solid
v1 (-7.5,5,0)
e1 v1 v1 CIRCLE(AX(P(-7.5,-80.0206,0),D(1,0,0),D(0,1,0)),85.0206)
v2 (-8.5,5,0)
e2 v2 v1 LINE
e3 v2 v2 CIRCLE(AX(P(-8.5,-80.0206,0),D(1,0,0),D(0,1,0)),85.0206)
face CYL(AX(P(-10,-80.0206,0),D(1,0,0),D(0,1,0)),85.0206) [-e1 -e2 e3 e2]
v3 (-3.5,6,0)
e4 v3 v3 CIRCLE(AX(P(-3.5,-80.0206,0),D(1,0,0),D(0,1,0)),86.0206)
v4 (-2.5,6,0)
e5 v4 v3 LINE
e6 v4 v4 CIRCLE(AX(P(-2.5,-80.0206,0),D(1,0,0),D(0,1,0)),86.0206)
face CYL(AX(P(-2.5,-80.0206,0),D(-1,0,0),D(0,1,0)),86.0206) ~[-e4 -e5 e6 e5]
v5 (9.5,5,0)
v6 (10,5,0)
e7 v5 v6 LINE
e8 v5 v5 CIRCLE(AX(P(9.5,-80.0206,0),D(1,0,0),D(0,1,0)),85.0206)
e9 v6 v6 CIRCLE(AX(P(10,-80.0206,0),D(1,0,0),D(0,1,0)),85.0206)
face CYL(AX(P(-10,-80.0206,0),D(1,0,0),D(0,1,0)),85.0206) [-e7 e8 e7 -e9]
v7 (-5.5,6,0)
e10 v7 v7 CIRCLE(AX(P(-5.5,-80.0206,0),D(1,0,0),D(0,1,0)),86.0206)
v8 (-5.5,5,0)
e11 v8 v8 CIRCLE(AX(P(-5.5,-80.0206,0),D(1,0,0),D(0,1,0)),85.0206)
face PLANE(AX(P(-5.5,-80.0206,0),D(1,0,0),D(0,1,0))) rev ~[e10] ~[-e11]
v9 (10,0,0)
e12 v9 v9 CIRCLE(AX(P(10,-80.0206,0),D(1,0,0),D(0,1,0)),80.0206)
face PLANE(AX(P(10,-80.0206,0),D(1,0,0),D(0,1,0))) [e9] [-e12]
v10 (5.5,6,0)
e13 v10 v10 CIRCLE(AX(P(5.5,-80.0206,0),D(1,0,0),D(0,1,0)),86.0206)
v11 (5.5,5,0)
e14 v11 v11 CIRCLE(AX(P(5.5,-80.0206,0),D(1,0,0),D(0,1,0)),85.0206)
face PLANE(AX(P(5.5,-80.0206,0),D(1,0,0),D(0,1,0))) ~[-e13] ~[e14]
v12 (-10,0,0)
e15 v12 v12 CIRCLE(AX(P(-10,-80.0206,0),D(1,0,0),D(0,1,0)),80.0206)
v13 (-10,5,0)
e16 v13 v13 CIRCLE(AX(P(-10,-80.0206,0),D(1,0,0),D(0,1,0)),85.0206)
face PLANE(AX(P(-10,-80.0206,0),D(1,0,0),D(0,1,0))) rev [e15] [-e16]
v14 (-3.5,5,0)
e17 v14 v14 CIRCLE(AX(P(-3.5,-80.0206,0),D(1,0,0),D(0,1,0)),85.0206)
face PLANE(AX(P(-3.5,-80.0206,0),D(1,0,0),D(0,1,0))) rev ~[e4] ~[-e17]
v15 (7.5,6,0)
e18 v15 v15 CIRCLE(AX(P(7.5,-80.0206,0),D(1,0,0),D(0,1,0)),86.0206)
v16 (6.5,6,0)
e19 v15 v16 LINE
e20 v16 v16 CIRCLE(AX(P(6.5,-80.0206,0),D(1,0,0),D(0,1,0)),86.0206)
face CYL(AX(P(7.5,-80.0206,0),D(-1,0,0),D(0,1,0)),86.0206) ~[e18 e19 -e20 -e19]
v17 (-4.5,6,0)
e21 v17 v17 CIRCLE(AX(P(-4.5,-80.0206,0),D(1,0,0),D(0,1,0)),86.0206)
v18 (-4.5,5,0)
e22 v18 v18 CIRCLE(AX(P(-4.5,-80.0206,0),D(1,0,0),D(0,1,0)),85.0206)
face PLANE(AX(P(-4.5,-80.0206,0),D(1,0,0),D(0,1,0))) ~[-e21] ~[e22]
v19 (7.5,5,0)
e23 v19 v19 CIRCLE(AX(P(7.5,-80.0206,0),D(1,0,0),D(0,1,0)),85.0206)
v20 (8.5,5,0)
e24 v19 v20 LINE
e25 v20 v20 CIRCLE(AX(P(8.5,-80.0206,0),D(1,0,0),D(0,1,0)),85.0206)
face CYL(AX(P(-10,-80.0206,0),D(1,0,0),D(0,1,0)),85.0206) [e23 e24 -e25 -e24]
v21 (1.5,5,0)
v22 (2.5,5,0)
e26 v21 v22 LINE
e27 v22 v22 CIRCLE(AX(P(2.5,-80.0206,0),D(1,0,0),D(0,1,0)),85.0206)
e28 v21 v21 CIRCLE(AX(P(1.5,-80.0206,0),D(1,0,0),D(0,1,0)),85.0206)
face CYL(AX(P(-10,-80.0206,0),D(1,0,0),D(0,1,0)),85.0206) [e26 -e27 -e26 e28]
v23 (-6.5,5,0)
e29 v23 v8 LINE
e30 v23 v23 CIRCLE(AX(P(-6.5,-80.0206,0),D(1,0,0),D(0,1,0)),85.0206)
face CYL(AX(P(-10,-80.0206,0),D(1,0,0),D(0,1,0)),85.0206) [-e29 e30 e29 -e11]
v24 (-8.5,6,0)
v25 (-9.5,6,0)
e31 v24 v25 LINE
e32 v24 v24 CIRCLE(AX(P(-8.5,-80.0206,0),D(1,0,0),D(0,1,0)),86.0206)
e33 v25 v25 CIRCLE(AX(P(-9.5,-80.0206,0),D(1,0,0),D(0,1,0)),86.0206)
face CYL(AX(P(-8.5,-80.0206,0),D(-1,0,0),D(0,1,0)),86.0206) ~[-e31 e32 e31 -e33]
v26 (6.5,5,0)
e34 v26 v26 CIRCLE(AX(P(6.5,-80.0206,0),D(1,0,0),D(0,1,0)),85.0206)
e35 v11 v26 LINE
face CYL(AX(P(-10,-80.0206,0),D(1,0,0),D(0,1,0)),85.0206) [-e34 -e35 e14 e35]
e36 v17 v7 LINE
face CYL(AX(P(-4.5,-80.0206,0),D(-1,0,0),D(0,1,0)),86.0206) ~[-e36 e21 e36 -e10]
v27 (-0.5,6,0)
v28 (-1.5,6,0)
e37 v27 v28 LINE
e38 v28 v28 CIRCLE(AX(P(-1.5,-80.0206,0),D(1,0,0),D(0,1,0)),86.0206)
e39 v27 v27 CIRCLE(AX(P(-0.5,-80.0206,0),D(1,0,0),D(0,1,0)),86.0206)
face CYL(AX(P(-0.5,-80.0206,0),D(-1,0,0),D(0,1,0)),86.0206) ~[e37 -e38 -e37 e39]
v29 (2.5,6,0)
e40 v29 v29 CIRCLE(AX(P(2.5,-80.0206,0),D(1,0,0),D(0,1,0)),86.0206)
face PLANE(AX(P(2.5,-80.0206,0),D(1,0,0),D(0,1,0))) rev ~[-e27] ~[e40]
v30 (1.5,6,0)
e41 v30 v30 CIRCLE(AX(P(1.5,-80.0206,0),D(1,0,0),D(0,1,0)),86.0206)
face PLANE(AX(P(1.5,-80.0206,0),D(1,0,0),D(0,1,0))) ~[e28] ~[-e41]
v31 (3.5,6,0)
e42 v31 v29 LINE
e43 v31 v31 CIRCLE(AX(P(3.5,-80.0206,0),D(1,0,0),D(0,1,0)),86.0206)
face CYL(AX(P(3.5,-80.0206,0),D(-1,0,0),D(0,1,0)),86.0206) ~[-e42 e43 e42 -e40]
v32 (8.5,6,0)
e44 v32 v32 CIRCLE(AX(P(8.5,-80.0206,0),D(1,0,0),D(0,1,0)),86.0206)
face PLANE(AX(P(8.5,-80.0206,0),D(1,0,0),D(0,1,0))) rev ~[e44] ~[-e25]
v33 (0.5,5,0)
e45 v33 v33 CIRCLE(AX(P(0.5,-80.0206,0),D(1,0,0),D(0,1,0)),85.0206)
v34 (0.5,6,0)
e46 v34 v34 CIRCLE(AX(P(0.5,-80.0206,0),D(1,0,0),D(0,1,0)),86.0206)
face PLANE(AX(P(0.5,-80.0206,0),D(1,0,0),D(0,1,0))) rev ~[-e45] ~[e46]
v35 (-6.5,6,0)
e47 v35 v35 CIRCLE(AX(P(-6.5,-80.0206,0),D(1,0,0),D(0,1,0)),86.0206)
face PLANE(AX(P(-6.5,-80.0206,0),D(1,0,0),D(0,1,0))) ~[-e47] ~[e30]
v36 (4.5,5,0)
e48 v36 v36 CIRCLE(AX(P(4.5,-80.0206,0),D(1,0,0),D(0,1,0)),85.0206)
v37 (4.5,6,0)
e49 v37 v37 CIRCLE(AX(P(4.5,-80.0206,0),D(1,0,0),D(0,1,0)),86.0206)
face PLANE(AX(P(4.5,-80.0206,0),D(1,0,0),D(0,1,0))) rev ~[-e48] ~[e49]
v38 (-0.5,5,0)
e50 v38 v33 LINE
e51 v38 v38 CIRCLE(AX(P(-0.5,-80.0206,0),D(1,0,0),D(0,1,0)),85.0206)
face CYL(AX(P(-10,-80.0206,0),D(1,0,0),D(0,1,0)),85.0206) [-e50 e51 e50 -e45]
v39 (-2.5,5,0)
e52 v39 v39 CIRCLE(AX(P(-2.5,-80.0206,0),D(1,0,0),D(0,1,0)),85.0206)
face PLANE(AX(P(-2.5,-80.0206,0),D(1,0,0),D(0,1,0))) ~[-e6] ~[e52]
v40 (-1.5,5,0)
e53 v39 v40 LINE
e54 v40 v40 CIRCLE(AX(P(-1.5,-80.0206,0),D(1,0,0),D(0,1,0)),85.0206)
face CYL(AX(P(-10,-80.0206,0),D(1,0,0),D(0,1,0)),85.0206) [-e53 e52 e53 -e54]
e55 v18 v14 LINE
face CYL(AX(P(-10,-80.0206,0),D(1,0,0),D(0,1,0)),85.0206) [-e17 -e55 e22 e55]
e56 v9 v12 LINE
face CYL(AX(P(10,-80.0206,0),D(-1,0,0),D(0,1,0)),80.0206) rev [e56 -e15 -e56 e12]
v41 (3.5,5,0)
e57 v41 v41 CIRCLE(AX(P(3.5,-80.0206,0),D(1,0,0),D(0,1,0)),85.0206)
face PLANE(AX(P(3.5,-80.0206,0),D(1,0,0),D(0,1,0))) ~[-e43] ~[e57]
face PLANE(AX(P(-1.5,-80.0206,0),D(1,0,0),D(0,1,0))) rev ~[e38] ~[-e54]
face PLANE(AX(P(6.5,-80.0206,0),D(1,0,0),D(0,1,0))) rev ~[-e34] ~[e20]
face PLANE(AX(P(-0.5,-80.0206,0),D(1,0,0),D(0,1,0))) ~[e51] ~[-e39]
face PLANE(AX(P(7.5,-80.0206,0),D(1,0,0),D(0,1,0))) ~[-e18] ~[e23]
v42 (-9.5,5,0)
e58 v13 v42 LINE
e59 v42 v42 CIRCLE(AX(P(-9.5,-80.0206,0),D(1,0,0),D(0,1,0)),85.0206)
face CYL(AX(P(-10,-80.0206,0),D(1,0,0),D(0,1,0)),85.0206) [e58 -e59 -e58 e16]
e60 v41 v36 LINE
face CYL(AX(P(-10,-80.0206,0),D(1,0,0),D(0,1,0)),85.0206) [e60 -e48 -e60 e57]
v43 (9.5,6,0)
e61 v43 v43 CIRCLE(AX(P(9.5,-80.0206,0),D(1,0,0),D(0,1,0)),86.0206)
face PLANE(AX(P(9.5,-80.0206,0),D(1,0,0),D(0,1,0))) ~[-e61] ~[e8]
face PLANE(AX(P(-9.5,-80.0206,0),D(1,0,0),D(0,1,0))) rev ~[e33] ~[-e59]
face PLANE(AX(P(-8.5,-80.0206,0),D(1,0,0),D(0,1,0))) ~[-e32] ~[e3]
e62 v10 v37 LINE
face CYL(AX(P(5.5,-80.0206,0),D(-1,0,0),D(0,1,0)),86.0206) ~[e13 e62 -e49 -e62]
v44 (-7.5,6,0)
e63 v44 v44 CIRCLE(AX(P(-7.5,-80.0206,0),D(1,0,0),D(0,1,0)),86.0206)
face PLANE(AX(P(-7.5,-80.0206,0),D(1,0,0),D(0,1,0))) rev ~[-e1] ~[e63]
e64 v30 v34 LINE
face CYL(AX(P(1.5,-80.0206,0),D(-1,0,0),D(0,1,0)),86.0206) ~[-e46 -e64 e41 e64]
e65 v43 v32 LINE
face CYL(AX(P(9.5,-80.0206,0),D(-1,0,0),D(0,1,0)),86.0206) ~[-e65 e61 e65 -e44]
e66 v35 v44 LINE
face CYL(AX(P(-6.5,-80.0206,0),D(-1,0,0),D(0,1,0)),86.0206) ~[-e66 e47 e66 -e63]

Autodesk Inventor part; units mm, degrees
ref_plane "YZ Plane" through (0, 0, 0) normal (1, 0, 0) x (0, 1, 0)
ref_plane "XZ Plane" through (0, 0, 0) normal (0, 1, 0) x (-1, 0, 0)
ref_plane "XY Plane" through (0, 0, 0) normal (0, 0, 1) x (1, 0, 0)
sketch "Sketch1" plane through (0, 0, 0) normal (0, 0, 1) x (1, 0, 0)
  line L0 (-10, 0) -> (-10, 5)
  line L1 (-10, 5) -> (10, 5)
  line L2 (10, 5) -> (10, 0)
  line L3 (10, 0) -> (-10, 0)
  line L4 (-9.5, 5) -> (-8.5, 5)
  line L5 (-8.5, 5) -> (-8.5, 6)
  line L6 (-8.5, 6) -> (-9.5, 6)
  line L7 (-9.5, 6) -> (-9.5, 5)
  line L8 (-6.5, 5) -> (-6.5, 6)
  line L9 (-7.5, 6) -> (-7.5, 5)
  line L10 (-6.5, 6) -> (-7.5, 6)
  line L11 (-4.5, 5) -> (-4.5, 6)
  line L12 (-5.5, 6) -> (-5.5, 5)
  line L13 (-4.5, 6) -> (-5.5, 6)
  line L14 (-2.5, 5) -> (-2.5, 6)
  line L15 (-3.5, 6) -> (-3.5, 5)
  line L16 (-2.5, 6) -> (-3.5, 6)
  line L17 (-0.5, 5) -> (-0.5, 6)
  line L18 (-1.5, 6) -> (-1.5, 5)
  line L19 (-0.5, 6) -> (-1.5, 6)
  line L20 (1.5, 5) -> (1.5, 6)
  line L21 (0.5, 6) -> (0.5, 5)
  line L22 (1.5, 6) -> (0.5, 6)
  line L23 (3.5, 5) -> (3.5, 6)
  line L24 (2.5, 6) -> (2.5, 5)
  line L25 (3.5, 6) -> (2.5, 6)
  line L26 (5.5, 5) -> (5.5, 6)
  line L27 (4.5, 6) -> (4.5, 5)
  line L28 (5.5, 6) -> (4.5, 6)
  line L29 (7.5, 5) -> (7.5, 6)
  line L30 (6.5, 6) -> (6.5, 5)
  line L31 (7.5, 6) -> (6.5, 6)
  line L32 (9.5, 5) -> (9.5, 6)
  line L33 (8.5, 6) -> (8.5, 5)
  line L34 (9.5, 6) -> (8.5, 6)
  point P0 (0, 0)
  point P1 (0, -80)
  dimension "d0" = 5
  dimension "d1" = 20
  dimension "d2" = 90
  dimension "d10" = 1
  dimension "d11" = 1
  dimension "d14" = 2
sketch "Sketch2" plane through (0, 0, 0) normal (0, 0, 1) x (1, 0, 0)
  line L0 (0, -80.0206) -> (52.1093, -80.0206) construction
  point P0 (0, 0)
revolve "Revolution1" add sketch "Sketch1" angle 360 about axis through (0, -80.0206, 0) along (1, 0, 0)
properties part number "TPU Tire"
